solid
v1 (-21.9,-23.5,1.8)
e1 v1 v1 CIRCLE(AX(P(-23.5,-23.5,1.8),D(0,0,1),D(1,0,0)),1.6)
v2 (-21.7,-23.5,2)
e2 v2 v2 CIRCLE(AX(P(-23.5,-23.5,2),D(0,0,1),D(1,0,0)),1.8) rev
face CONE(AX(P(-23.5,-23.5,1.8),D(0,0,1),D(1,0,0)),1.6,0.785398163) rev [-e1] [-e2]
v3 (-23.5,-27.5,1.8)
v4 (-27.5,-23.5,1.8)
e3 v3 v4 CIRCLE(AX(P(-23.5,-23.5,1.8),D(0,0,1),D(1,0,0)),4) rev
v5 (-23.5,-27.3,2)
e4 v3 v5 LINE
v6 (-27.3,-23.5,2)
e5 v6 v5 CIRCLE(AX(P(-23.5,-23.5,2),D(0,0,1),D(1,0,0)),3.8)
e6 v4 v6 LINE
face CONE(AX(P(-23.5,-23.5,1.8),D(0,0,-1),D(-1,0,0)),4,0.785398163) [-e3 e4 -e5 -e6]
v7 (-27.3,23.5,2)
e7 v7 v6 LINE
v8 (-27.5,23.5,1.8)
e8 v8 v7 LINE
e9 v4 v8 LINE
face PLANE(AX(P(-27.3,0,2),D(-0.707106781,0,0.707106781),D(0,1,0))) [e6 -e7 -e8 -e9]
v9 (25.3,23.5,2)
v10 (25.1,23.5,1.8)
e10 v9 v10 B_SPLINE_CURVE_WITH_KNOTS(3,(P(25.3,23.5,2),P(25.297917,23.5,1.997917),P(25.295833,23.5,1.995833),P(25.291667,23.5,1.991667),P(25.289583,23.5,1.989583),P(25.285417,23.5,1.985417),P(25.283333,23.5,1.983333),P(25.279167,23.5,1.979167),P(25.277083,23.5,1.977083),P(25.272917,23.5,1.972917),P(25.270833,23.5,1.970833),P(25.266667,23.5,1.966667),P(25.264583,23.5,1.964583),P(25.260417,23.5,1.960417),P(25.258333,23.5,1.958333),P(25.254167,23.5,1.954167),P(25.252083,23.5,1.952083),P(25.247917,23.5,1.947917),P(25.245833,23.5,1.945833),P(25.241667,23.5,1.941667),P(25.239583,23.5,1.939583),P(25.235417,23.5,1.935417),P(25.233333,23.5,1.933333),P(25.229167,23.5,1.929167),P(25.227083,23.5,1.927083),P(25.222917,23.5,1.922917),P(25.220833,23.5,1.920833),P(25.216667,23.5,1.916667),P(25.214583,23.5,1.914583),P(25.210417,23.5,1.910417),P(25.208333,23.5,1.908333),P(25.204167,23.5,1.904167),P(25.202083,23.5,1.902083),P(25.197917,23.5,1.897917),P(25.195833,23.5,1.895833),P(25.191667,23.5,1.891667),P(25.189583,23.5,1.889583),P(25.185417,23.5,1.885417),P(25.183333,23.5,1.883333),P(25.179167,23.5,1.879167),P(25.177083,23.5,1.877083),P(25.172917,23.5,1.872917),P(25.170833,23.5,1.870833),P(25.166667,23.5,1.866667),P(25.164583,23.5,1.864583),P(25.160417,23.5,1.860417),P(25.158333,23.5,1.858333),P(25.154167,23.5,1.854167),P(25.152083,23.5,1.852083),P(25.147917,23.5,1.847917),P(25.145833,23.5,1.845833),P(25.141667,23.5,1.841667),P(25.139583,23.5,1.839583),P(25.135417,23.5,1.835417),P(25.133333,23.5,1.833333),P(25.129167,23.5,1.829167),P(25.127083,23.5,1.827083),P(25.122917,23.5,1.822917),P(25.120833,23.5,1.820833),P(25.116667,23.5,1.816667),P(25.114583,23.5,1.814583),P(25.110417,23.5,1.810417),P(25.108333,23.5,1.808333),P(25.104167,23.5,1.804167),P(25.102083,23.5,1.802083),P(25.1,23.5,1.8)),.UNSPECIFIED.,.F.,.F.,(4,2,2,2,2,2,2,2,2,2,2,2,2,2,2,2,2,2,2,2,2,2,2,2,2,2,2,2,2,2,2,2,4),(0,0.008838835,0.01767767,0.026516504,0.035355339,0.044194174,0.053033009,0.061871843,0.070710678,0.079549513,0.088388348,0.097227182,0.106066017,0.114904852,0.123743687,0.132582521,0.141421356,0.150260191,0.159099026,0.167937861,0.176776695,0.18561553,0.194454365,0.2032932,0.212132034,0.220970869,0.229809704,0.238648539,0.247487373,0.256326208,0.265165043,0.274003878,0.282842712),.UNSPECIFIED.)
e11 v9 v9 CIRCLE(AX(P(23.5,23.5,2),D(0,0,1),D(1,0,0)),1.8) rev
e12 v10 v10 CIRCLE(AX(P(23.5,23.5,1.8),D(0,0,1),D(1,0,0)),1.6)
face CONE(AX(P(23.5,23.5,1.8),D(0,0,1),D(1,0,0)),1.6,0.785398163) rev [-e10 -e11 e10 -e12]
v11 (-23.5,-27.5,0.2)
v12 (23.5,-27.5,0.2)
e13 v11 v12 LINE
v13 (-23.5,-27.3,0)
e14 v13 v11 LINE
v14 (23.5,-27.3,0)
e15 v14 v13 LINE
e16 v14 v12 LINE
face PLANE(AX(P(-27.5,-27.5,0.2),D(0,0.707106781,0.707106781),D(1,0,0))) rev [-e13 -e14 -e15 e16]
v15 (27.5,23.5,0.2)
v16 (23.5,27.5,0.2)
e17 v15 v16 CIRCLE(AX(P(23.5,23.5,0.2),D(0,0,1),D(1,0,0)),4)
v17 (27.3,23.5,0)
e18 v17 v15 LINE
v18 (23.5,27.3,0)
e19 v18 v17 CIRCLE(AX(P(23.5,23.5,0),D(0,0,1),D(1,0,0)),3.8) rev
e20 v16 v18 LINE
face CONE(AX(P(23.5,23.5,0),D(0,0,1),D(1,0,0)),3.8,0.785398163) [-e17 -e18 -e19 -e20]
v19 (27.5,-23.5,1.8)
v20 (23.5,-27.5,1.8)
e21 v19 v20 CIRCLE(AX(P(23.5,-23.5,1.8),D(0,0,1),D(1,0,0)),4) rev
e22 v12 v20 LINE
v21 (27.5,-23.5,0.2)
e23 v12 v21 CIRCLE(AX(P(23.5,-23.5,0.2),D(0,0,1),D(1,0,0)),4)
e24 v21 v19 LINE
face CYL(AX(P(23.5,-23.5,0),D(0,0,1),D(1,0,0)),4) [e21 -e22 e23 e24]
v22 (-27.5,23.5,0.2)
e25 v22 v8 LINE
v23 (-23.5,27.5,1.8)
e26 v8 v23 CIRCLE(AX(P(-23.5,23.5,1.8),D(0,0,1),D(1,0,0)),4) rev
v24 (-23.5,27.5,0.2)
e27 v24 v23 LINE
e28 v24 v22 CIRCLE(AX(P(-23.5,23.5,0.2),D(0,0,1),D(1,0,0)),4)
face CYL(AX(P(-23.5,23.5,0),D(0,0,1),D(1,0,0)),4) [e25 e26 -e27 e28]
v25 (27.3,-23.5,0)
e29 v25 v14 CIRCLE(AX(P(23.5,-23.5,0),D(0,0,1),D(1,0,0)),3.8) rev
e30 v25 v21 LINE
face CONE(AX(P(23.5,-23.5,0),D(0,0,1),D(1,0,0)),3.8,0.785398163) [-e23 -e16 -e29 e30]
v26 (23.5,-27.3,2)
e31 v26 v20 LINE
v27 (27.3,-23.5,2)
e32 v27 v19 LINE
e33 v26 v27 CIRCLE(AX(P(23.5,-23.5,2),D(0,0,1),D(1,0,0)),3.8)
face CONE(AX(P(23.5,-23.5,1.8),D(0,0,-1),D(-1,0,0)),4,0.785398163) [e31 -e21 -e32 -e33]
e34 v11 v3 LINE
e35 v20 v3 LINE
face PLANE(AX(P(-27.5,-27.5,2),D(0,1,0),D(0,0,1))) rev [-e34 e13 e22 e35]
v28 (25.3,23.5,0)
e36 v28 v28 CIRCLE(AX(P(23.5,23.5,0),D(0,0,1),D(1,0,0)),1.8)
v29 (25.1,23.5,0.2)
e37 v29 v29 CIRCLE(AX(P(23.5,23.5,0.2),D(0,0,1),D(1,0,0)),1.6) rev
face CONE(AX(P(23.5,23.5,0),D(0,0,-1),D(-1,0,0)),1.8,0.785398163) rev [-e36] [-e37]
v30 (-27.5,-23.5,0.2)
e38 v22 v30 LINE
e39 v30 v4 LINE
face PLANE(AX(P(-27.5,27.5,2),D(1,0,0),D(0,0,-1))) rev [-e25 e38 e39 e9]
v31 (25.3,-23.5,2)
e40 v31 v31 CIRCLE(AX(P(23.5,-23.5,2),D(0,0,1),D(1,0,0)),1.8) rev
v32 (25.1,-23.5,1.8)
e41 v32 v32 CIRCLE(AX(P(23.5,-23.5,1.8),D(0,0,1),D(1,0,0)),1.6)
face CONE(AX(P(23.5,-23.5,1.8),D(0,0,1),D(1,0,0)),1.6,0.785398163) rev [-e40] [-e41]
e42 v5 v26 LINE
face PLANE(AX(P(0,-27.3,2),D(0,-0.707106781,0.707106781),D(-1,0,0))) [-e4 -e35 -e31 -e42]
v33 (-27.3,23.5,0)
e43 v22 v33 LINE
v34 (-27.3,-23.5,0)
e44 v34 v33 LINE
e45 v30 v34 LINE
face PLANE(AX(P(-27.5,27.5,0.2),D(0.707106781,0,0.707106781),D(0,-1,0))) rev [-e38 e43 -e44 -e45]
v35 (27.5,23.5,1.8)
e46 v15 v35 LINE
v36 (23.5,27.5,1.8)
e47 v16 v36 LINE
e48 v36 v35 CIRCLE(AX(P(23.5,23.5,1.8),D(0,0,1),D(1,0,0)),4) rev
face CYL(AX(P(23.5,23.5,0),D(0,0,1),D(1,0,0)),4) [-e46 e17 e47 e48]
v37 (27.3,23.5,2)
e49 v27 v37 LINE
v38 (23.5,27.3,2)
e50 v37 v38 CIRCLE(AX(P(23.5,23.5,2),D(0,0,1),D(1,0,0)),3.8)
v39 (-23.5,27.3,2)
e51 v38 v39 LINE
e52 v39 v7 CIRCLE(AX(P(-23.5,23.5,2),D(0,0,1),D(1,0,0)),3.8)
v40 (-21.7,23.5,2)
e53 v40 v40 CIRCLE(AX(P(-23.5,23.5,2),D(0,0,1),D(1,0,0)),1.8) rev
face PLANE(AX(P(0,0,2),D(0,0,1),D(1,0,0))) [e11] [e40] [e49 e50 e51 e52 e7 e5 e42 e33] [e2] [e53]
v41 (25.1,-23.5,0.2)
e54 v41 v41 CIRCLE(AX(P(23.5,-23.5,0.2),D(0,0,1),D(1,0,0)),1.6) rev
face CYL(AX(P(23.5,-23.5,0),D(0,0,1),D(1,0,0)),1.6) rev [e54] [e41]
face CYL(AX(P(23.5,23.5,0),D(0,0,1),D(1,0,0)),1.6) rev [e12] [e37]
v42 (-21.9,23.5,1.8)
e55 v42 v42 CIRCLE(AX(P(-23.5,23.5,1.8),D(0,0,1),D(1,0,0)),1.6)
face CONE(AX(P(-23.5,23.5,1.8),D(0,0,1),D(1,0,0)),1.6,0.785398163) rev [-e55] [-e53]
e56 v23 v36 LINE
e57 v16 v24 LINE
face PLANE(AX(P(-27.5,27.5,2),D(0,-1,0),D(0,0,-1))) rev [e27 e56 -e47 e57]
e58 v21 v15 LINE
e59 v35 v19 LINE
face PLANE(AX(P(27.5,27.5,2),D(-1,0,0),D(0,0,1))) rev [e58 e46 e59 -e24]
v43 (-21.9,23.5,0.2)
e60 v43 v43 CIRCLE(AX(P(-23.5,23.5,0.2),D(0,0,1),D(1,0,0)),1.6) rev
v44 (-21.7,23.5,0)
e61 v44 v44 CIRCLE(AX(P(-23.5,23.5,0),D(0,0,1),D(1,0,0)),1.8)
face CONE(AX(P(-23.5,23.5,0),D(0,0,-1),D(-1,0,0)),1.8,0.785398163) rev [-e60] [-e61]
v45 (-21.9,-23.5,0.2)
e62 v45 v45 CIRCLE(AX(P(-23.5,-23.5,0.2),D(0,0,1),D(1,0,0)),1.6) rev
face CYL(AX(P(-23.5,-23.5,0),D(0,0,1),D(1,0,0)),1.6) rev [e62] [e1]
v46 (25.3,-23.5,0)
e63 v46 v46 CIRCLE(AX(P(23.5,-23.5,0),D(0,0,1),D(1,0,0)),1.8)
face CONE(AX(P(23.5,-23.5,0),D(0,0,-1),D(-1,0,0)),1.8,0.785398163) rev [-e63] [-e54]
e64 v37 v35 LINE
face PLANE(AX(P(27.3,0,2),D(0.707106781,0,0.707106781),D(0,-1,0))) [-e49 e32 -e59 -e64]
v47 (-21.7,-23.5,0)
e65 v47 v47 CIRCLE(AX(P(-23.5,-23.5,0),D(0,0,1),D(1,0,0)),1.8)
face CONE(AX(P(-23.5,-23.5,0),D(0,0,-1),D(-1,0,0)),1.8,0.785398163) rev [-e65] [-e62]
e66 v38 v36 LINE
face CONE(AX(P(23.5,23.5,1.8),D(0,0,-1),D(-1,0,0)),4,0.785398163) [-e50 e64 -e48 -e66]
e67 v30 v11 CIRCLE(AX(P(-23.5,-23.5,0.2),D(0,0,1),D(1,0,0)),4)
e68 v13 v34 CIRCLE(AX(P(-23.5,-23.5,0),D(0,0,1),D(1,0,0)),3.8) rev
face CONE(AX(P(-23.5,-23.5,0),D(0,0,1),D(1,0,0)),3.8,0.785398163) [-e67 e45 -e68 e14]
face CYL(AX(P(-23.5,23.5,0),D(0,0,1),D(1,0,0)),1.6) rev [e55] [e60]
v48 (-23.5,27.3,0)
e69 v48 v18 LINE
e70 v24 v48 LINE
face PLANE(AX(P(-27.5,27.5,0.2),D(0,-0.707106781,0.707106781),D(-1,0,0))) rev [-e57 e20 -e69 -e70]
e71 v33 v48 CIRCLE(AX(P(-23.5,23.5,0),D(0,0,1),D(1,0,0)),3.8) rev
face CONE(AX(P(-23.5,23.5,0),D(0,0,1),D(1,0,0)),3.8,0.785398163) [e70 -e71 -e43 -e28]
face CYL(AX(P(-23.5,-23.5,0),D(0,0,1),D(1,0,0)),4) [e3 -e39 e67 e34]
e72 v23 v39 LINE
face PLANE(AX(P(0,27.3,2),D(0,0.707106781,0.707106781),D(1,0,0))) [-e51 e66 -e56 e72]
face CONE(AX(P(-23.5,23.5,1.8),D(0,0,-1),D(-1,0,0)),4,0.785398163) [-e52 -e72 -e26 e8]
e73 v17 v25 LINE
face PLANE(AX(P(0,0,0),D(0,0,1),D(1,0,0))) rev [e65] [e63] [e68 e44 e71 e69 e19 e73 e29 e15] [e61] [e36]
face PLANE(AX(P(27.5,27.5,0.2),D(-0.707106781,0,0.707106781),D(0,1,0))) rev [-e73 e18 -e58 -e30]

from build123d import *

# Parameters (mm, degrees)
SKETCH3_W           = 55
SKETCH3_H           = 55
BOSS_EXTRUDE1_DEPTH = 2
CUT_EXTRUDE1_DEPTH  = 2
SKETCH6_R           = 1.6
CUT_EXTRUDE2_DEPTH  = 39.942264957
CHAMFER1_SIZE       = 0.2
CHAMFER2_SIZE       = 0.2


with BuildPart() as part:
    # Sketch3 → Boss-Extrude1 (new body)
    with BuildSketch(Plane.XY):
        Rectangle(SKETCH3_W, SKETCH3_H)
    extrude(amount=BOSS_EXTRUDE1_DEPTH)

    # Sketch4 → Cut-Extrude1 (cut)
    with BuildSketch(Plane.XY.offset(2)):
        with BuildLine():
            Line((-23.5, 27.5), (-27.5, 27.5))
            Line((-27.5, 27.5), (-27.5, 23.5))
            ThreePointArc((-27.5, 23.5), (-26.328427125, 26.328427125), (-23.5, 27.5))
        make_face()
        with BuildLine():
            Line((23.5, 27.5), (27.5, 27.5))
            Line((27.5, 27.5), (27.5, 23.5))
            ThreePointArc((27.5, 23.5), (26.328427125, 26.328427125), (23.5, 27.5))
        make_face()
        with BuildLine():
            Line((27.5, -23.5), (27.5, -27.5))
            Line((27.5, -27.5), (23.5, -27.5))
            ThreePointArc((23.5, -27.5), (26.328427125, -26.328427125), (27.5, -23.5))
        make_face()
        with BuildLine():
            Line((-23.5, -27.5), (-27.5, -27.5))
            Line((-27.5, -27.5), (-27.5, -23.5))
            ThreePointArc((-27.5, -23.5), (-26.328427125, -26.328427125), (-23.5, -27.5))
        make_face()
    extrude(amount=-CUT_EXTRUDE1_DEPTH, mode=Mode.SUBTRACT)

    # Sketch6 → Cut-Extrude2 (cut, through all)
    with BuildSketch(Plane.XY.offset(2)):
        with Locations((23.5, 23.5)):
            Circle(SKETCH6_R)
        with Locations(Location((-23.5, 23.5, 0), (0, 0, 180))):
            Circle(SKETCH6_R)
        with Locations(Location((23.5, -23.5, 0), (0, 0, 180))):
            Circle(SKETCH6_R)
        with Locations((-23.5, -23.5)):
            Circle(SKETCH6_R)
    extrude(amount=-CUT_EXTRUDE2_DEPTH, mode=Mode.SUBTRACT)

    # Chamfer1
    chamfer1_edges = [part.edges().sort_by_distance(p)[0] for p in [
        (0, 27.5, 0),
        (26.328427125, 26.328427125, 0),
        (27.5, 0, 0),
        (0, -27.5, 0),
        (-27.5, 0, 0),
        (-26.328427125, 26.328427125, 0),
        (26.328427125, -26.328427125, 0),
        (-26.328427125, -26.328427125, 0),
        (21.9, 23.5, 0),
        (-21.9, 23.5, 0),
        (25.1, -23.5, 0),
        (-25.1, -23.5, 0),
    ]]
    chamfer(chamfer1_edges, length=CHAMFER1_SIZE)

    # Chamfer2
    chamfer2_edges = [part.edges().sort_by_distance(p)[0] for p in [
        (0, 27.5, 2),
        (26.328427125, 26.328427125, 2),
        (-27.5, 0, 2),
        (0, -27.5, 2),
        (27.5, 0, 2),
        (-26.328427125, 26.328427125, 2),
        (26.328427125, -26.328427125, 2),
        (-26.328427125, -26.328427125, 2),
        (21.9, 23.5, 2),
        (-21.9, 23.5, 2),
        (25.1, -23.5, 2),
        (-25.1, -23.5, 2),
    ]]
    chamfer(chamfer2_edges, length=CHAMFER2_SIZE)


solid = part.part
